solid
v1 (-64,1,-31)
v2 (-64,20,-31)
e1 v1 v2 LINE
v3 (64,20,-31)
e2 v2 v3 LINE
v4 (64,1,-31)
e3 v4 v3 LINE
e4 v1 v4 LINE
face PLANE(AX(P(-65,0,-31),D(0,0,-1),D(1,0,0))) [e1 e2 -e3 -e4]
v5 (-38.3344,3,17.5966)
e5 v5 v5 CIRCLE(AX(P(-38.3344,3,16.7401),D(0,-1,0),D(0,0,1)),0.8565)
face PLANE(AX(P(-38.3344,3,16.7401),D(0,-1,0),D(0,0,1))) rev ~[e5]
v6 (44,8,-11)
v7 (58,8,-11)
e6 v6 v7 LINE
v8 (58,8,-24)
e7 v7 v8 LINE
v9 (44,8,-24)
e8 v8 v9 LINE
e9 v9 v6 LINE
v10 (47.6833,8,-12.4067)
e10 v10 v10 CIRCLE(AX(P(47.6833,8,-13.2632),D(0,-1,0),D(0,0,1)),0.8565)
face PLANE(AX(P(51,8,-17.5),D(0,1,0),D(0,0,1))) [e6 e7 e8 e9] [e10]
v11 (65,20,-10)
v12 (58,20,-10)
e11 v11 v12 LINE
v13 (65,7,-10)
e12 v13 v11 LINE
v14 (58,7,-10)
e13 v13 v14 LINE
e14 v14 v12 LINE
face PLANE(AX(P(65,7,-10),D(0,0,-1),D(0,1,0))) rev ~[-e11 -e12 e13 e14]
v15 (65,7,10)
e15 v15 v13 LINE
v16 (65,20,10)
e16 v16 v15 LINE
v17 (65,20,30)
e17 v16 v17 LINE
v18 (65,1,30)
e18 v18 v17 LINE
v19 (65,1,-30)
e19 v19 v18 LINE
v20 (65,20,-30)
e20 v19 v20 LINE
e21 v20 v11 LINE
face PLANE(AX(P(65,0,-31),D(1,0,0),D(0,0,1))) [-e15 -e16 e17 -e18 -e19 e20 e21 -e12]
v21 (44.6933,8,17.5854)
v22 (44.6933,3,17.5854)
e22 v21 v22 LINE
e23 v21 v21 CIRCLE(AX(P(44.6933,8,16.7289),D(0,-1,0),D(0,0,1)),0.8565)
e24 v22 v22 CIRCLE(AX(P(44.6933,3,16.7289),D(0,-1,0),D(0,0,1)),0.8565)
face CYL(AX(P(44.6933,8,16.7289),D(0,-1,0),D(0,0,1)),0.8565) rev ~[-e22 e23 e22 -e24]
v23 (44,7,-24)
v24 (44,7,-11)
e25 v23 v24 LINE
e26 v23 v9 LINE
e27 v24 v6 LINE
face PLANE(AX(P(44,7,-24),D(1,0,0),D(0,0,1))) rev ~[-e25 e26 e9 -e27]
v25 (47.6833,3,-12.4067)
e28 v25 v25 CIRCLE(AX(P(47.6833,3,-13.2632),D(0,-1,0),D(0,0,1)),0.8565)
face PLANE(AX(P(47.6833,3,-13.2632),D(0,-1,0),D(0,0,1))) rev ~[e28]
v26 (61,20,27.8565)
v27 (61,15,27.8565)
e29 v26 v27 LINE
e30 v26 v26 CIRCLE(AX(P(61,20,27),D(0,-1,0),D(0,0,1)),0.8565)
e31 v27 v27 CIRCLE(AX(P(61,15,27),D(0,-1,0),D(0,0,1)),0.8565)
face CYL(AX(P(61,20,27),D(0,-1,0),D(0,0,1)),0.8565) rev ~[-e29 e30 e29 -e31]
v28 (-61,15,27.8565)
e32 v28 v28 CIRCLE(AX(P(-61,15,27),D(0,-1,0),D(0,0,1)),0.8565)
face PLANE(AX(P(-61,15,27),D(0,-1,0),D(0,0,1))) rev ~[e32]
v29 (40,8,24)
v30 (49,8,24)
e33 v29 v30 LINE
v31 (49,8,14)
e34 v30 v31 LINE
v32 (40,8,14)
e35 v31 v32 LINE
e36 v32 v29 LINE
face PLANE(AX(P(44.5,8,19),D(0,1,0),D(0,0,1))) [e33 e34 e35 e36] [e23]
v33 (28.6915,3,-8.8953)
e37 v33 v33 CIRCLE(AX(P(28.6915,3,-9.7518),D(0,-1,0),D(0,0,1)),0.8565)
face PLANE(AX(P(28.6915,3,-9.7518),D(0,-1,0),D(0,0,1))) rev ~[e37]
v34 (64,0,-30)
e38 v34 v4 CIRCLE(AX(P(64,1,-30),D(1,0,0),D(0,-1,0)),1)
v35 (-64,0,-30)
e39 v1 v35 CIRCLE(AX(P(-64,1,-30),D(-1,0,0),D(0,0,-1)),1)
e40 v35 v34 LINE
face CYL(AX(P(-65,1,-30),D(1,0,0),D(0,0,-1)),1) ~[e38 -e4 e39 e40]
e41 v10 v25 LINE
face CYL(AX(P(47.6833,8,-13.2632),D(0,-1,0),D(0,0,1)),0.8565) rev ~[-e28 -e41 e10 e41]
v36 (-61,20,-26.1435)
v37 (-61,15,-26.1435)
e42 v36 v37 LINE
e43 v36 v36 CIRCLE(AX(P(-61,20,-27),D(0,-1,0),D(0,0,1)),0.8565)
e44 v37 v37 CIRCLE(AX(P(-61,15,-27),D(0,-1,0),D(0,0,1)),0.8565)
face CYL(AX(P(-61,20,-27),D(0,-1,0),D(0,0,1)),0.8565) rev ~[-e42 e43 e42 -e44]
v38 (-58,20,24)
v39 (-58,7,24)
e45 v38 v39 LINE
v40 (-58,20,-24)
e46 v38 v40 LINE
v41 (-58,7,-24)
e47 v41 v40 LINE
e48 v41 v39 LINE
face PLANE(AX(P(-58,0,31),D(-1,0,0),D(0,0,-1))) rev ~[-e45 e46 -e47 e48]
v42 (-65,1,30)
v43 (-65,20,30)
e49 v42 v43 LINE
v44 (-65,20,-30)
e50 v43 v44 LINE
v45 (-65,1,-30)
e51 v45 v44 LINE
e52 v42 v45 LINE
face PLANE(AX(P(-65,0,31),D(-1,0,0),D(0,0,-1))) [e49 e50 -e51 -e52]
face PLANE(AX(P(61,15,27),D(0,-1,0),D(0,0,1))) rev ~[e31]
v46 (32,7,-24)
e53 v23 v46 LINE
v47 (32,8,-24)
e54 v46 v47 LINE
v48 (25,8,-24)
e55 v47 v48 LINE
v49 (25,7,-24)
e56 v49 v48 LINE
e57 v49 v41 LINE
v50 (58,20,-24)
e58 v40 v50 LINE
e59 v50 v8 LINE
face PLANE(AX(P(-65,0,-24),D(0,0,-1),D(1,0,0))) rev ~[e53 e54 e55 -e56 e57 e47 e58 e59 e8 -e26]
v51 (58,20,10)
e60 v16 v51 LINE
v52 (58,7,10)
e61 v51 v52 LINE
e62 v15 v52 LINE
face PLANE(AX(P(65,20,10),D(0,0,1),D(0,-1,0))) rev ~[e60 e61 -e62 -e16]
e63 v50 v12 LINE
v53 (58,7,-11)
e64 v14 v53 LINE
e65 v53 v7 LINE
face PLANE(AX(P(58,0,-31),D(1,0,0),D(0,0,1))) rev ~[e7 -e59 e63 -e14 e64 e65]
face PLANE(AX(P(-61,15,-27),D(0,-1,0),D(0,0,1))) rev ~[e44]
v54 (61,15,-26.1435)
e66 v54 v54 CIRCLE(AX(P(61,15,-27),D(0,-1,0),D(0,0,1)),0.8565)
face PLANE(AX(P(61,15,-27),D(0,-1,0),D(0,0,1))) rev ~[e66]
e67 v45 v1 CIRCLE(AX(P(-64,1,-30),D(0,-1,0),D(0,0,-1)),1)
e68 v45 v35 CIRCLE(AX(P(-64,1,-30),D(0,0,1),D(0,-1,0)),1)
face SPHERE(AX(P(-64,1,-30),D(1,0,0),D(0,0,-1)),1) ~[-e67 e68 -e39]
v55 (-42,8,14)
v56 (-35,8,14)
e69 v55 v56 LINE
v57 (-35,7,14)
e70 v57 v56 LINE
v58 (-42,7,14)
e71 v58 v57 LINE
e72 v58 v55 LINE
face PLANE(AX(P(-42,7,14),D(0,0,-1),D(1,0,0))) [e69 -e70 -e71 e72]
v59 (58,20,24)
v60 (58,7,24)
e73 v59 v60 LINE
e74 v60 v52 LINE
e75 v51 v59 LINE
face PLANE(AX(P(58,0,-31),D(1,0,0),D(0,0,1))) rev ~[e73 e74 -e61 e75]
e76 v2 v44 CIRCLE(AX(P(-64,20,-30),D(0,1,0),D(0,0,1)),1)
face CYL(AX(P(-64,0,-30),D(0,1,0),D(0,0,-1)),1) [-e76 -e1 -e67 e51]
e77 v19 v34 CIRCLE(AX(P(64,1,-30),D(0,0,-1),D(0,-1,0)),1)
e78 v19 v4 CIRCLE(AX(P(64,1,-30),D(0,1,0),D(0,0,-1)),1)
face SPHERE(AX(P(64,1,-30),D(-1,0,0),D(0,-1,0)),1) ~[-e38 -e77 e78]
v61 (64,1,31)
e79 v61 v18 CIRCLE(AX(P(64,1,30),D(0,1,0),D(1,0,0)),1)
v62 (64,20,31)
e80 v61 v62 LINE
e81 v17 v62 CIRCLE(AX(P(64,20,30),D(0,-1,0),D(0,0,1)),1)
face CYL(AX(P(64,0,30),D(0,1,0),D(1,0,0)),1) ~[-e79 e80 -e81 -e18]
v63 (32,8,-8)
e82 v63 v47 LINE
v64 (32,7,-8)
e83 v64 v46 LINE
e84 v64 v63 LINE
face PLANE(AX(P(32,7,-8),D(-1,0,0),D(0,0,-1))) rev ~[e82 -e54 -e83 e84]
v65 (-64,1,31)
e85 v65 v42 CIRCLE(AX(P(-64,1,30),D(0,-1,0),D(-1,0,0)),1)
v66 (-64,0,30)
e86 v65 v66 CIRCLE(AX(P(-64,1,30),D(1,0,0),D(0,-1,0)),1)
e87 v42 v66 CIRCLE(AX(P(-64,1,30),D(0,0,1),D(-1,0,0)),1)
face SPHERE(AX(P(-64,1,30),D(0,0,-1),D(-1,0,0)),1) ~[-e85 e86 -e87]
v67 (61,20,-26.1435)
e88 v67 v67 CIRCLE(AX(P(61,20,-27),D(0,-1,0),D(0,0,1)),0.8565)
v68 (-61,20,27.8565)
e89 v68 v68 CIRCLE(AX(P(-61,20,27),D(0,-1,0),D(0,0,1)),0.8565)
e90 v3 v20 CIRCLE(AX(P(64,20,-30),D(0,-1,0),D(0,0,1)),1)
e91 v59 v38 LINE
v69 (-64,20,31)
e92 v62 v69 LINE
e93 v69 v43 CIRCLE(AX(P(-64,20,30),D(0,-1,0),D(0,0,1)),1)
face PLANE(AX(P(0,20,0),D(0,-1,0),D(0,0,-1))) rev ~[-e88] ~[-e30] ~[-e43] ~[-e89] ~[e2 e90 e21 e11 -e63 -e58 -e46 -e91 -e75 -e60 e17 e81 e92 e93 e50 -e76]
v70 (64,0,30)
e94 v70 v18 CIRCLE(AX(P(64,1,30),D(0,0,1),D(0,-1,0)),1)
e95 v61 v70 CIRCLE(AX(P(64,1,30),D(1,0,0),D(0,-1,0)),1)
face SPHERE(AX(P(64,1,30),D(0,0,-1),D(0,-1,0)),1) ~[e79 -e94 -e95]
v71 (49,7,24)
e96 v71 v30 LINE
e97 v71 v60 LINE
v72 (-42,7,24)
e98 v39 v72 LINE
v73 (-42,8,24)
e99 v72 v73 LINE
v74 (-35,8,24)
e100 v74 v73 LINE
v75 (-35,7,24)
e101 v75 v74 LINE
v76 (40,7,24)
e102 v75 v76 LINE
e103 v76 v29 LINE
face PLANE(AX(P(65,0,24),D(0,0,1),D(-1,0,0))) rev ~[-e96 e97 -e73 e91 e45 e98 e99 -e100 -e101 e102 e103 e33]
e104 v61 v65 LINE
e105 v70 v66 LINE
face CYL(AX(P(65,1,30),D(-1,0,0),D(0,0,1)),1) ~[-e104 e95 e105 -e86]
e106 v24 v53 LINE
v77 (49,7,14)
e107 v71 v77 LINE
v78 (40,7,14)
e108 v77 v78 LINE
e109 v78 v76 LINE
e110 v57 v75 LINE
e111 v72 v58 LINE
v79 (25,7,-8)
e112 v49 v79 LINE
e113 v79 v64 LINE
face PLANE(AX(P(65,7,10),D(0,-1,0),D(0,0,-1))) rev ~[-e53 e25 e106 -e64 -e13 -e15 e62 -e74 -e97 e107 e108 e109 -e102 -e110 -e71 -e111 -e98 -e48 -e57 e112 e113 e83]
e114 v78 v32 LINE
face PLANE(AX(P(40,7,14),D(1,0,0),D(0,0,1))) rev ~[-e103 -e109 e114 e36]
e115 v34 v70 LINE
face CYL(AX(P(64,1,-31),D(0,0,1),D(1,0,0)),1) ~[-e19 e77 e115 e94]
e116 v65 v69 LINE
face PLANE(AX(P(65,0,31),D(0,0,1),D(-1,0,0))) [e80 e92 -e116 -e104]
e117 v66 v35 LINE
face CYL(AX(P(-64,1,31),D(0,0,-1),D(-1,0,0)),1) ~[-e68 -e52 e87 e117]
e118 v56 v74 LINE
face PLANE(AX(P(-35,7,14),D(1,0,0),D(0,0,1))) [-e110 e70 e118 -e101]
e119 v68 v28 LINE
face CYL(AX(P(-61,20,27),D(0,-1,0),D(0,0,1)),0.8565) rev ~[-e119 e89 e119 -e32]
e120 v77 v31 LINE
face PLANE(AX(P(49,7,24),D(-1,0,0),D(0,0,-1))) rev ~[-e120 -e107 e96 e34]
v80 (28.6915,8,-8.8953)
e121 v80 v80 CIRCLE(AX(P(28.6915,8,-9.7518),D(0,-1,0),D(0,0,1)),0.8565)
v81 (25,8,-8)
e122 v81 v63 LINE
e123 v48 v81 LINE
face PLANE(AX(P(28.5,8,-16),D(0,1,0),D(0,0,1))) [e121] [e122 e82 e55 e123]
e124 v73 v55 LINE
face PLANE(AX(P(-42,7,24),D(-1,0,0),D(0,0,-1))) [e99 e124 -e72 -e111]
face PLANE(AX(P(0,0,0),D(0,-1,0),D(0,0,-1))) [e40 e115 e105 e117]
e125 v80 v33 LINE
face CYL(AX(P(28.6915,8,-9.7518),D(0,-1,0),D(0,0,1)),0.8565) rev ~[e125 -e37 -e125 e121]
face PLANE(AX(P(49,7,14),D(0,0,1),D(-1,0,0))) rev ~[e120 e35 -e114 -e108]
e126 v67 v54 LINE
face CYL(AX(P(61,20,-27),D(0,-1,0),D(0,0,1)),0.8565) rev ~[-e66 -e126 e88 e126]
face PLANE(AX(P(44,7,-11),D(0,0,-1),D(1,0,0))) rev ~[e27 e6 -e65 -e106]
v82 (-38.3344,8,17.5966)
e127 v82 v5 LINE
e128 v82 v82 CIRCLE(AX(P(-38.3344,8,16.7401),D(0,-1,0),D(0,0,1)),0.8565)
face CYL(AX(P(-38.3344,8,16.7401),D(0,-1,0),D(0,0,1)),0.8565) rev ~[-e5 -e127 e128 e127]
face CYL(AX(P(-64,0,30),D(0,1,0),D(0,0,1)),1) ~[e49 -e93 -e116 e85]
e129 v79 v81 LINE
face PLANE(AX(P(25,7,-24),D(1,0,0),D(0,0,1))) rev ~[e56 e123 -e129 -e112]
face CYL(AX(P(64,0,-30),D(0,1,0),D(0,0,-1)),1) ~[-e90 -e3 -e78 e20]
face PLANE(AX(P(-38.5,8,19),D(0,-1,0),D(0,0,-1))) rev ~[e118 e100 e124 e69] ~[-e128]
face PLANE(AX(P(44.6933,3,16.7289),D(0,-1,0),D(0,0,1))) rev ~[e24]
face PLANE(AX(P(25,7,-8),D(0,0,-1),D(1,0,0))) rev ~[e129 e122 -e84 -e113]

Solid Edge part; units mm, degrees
sketch "Sketch1" plane through (0, 0, 0) normal (0, -1, 0) x (1, 0, 0)
  line L0 (-65, -31) -> (65, -31)
  line L1 (65, -31) -> (65, 31)
  line L2 (65, 31) -> (-65, 31)
  line L3 (-65, 31) -> (-65, -31)
extrude "Ajout_matière_1" add sketch "Sketch1" against normal blind 20
shell "Coque_1" thickness 7 removed faces 1 at (-42.0333, 20, 21.2867)
fillet "Congé_1" radius 1 8 edges at (0, 0, -31) (65, 0, 0) (65, 10, -31) (-65, 10, -31) (-65, 0, 0) (-65, 10, 31) (0, 0, 31) (65, 10, 31)
sketch "Sketch2" plane through (65, 13, 0) normal (1, 0, 0) x (0, 0, -1)
  line L0 (-10, -6) -> (10, -6)
  line L1 (10, -6) -> (10, 7)
  line L2 (10, 7) -> (-10, 7)
  line L3 (-10, 7) -> (-10, -6)
  dimension "D1" = 7
extrude "Cutout1" cut sketch "Sketch2" against normal up to vertex (18.3022 mm away)
sketch "Sketch3" plane through (3.5, 7, 0) normal (0, 1, 0) x (0, 0, -1)
  line L0 (24, -40.5) -> (11, -40.5)
  line L1 (11, -40.5) -> (11, -54.5)
  line L2 (11, -54.5) -> (24, -54.5)
  line L3 (24, -54.5) -> (24, -40.5)
  line L4 (-24, 45.5) -> (-14, 45.5)
  line L5 (-14, 45.5) -> (-14, 38.5)
  line L6 (-14, 38.5) -> (-24, 38.5)
  line L7 (-24, 38.5) -> (-24, 45.5)
  line L8 (24, -21.5) -> (8, -21.5)
  line L9 (8, -21.5) -> (8, -28.5)
  line L10 (8, -28.5) -> (24, -28.5)
  line L11 (24, -28.5) -> (24, -21.5)
  line L12 (-24, -45.5) -> (-14, -45.5)
  line L13 (-14, -45.5) -> (-14, -36.5)
  line L14 (-14, -36.5) -> (-24, -36.5)
  line L15 (-24, -36.5) -> (-24, -45.5)
  dimension "D1" = 10
  dimension "D2" = 9
  dimension "D3" = 9
  dimension "D4" = 93
  dimension "D5" = 7
  dimension "D6" = 10
  dimension "D7" = 26
  dimension "D8" = 13
  dimension "D9" = 14
  dimension "D10" = 16
  dimension "D11" = 7
extrude "Ajout_matière_2" add sketch "Sketch3" along normal blind 1
hole "Perçage_1" at (61, 20, -27) direction (0, -1, 0) diameter 1.713 depth 5 thread major 2.2 thread length 2
hole "Hole1" at (61, 20, 27) direction (0, -1, 0) diameter 1.713 depth 5 thread major 2.2 thread length 2
hole "Hole2" at (-61, 20, -27) direction (0, -1, 0) diameter 1.713 depth 5 thread major 2.2 thread length 2
hole "Hole3" at (-61, 20, 27) direction (0, -1, 0) diameter 1.713 depth 5 thread major 2.2 thread length 2
hole "Perçage_5" at (-38.3344, 8, 16.7401) direction (0, -1, 0) diameter 1.713 depth 5
hole "Hole4" at (28.6915, 8, -9.7518) direction (0, -1, 0) diameter 1.713 depth 5
hole "Hole5" at (47.6833, 8, -13.2632) direction (0, -1, 0) diameter 1.713 depth 5
hole "Hole6" at (44.6933, 8, 16.7289) direction (0, -1, 0) diameter 1.713 depth 5
properties material "Pin"
